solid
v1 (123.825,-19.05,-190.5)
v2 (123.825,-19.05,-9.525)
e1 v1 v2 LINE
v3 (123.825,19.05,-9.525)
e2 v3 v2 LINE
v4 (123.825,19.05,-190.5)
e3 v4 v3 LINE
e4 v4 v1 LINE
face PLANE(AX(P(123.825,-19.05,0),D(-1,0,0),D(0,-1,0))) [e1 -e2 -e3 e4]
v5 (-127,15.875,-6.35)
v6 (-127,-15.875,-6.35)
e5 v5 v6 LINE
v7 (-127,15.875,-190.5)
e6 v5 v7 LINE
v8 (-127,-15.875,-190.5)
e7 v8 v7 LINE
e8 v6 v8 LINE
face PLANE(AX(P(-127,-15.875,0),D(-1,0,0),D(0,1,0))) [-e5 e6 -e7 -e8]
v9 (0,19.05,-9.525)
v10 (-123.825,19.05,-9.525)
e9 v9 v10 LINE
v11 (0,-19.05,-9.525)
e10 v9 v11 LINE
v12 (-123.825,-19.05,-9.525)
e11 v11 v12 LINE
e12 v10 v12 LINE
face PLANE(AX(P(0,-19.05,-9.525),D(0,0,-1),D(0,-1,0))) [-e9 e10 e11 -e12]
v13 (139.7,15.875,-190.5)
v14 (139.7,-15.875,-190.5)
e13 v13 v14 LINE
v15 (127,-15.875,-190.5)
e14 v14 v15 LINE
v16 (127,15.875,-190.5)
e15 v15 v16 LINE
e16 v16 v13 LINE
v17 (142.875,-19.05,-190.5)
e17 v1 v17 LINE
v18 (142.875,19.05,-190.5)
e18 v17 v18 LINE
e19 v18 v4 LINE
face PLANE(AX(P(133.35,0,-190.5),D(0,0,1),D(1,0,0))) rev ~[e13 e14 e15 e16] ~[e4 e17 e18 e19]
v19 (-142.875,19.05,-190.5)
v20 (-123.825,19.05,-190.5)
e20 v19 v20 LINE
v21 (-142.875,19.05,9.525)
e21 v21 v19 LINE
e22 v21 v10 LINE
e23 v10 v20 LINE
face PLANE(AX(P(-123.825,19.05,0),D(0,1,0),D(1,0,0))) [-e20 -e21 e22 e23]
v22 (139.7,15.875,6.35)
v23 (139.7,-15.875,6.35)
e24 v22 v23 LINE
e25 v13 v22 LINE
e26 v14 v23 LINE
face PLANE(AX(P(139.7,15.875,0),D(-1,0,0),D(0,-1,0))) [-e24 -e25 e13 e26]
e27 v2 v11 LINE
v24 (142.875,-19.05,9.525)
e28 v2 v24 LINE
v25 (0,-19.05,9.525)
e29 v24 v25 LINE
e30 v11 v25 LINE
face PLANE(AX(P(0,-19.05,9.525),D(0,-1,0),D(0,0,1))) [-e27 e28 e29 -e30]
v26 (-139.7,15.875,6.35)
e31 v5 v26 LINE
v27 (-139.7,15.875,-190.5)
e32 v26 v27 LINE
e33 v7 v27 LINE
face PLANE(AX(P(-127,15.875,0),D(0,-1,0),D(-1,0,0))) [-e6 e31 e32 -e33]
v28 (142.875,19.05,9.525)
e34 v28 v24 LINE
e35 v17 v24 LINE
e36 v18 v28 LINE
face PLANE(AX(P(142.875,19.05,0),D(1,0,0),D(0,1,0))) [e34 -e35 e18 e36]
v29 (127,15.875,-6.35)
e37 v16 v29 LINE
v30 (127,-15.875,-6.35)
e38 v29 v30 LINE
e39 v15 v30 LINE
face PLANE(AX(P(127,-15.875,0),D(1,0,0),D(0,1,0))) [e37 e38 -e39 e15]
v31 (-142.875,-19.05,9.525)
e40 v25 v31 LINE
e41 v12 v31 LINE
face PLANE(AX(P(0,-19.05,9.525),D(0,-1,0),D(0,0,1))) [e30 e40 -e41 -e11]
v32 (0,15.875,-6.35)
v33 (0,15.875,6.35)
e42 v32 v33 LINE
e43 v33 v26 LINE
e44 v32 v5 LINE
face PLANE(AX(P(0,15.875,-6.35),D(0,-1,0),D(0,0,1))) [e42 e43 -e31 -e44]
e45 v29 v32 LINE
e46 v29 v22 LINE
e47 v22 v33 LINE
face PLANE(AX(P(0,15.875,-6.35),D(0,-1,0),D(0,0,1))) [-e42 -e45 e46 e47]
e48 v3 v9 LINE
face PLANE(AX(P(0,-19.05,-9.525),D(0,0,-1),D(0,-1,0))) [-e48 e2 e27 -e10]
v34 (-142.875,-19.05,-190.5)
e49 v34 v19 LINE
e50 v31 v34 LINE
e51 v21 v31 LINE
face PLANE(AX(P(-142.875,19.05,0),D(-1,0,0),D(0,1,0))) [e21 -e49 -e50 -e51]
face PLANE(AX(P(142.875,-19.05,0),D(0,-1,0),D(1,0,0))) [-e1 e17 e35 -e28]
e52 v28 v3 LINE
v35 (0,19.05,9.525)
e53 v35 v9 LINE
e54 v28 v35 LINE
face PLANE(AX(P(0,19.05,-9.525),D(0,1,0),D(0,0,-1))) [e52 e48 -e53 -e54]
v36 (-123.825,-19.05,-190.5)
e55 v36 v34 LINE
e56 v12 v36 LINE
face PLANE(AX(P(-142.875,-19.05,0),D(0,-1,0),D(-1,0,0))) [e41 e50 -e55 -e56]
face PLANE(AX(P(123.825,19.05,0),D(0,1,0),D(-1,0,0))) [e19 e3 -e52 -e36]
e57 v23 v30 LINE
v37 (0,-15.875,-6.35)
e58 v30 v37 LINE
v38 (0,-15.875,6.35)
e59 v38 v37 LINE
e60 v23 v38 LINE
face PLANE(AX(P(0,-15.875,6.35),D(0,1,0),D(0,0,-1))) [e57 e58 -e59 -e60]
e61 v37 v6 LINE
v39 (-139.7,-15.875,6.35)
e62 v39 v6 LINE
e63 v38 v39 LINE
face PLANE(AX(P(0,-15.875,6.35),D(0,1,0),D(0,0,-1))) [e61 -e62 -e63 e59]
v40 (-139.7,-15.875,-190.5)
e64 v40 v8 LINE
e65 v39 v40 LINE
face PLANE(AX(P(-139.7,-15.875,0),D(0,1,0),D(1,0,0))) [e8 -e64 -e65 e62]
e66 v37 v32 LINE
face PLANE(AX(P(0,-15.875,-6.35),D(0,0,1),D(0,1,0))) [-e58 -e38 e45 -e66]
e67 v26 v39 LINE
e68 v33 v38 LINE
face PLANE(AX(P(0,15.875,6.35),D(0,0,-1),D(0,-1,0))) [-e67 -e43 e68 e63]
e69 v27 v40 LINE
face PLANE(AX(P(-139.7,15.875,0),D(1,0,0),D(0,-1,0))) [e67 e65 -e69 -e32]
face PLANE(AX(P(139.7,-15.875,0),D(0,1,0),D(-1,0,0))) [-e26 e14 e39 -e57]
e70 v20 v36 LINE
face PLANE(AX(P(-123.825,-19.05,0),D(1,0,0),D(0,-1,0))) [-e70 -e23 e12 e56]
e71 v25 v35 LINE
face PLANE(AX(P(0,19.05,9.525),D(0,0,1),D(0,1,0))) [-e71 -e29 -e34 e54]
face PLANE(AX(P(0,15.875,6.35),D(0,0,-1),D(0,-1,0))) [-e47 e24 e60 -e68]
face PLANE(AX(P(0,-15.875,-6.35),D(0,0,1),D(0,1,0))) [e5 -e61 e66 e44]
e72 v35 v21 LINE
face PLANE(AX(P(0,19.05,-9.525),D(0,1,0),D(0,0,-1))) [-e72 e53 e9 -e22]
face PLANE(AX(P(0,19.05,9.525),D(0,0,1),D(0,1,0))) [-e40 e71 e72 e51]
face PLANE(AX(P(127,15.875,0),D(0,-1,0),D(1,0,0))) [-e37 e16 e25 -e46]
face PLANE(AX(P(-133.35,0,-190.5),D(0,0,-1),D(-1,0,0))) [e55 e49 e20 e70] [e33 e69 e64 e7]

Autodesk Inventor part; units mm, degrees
ref_plane "YZ Plane" through (0, 0, 0) normal (1, 0, 0) x (0, 1, 0)
ref_plane "XZ Plane" through (0, 0, 0) normal (0, 1, 0) x (-1, 0, 0)
sketch "Sketch1" plane through (0, 0, 0) normal (0, 1, 0) x (-1, 0, 0)
  line L0 (0, 0) -> (133.35, 0)
  line L1 (133.35, 0) -> (133.35, -190.5)
  line L2 (0, 0) -> (0, -190.5) construction
  line L3 (0, 0) -> (-133.35, 0)
  line L4 (-133.35, 0) -> (-133.35, -190.5)
  dimension "d0" = 133.35
  dimension "d1" = 190.5
  dimension "d2" = 190.5
ref_plane "Work Plane1" through (0, 0, -190.5) normal (0, 0, 1) x (1, 0, 0)
sketch "Sketch3" plane through (0, 0, -190.5) normal (0, 0, 1) x (1, 0, 0)
  line L0 (142.875, -19.05) -> (123.825, -19.05)
  line L1 (123.825, -19.05) -> (123.825, 19.05)
  line L2 (123.825, 19.05) -> (142.875, 19.05)
  line L3 (142.875, 19.05) -> (142.875, -19.05)
  line L4 (142.875, -19.05) -> (123.825, 19.05) construction
  line L5 (123.825, -19.05) -> (142.875, 19.05) construction
  line L6 (139.7, -15.875) -> (127, -15.875)
  line L7 (127, -15.875) -> (127, 15.875)
  line L8 (127, 15.875) -> (139.7, 15.875)
  line L9 (139.7, 15.875) -> (139.7, -15.875)
  line L10 (139.7, -15.875) -> (127, 15.875) construction
  line L11 (127, -15.875) -> (139.7, 15.875) construction
  point P0 (0, 0)
  point P1 (133.35, 0)
  dimension "d4" = 38.1
  dimension "d5" = 19.05
  dimension "d6" = 133.35
  dimension "d7" = 3.175
  dimension "d8" = 3.175
sweep "Sweep1" add profiles "Sketch3" path "Sketch1"
equation "\"d0\" = 0.5 * width"
equation "\"d1\" = length"
equation "\"d2\" = length"
equation "\"d4\" = tubingLength"
equation "\"d5\" = tubingWidth"
equation "\"d6\" = 0.5 * width"
equation "\"d7\" = tubeingWallWidth"
equation "\"d8\" = tubeingWallWidth"
equation "\"width\" = 266.7"
equation "\"length\" = 190.5"
equation "\"tubingWidth\" = 19.05"
equation "\"tubingLength\" = 38.1"
equation "\"tubeingWallWidth\" = 3.175"
equation "\"d3\" = -length"
properties part number "ShooterFrame"
